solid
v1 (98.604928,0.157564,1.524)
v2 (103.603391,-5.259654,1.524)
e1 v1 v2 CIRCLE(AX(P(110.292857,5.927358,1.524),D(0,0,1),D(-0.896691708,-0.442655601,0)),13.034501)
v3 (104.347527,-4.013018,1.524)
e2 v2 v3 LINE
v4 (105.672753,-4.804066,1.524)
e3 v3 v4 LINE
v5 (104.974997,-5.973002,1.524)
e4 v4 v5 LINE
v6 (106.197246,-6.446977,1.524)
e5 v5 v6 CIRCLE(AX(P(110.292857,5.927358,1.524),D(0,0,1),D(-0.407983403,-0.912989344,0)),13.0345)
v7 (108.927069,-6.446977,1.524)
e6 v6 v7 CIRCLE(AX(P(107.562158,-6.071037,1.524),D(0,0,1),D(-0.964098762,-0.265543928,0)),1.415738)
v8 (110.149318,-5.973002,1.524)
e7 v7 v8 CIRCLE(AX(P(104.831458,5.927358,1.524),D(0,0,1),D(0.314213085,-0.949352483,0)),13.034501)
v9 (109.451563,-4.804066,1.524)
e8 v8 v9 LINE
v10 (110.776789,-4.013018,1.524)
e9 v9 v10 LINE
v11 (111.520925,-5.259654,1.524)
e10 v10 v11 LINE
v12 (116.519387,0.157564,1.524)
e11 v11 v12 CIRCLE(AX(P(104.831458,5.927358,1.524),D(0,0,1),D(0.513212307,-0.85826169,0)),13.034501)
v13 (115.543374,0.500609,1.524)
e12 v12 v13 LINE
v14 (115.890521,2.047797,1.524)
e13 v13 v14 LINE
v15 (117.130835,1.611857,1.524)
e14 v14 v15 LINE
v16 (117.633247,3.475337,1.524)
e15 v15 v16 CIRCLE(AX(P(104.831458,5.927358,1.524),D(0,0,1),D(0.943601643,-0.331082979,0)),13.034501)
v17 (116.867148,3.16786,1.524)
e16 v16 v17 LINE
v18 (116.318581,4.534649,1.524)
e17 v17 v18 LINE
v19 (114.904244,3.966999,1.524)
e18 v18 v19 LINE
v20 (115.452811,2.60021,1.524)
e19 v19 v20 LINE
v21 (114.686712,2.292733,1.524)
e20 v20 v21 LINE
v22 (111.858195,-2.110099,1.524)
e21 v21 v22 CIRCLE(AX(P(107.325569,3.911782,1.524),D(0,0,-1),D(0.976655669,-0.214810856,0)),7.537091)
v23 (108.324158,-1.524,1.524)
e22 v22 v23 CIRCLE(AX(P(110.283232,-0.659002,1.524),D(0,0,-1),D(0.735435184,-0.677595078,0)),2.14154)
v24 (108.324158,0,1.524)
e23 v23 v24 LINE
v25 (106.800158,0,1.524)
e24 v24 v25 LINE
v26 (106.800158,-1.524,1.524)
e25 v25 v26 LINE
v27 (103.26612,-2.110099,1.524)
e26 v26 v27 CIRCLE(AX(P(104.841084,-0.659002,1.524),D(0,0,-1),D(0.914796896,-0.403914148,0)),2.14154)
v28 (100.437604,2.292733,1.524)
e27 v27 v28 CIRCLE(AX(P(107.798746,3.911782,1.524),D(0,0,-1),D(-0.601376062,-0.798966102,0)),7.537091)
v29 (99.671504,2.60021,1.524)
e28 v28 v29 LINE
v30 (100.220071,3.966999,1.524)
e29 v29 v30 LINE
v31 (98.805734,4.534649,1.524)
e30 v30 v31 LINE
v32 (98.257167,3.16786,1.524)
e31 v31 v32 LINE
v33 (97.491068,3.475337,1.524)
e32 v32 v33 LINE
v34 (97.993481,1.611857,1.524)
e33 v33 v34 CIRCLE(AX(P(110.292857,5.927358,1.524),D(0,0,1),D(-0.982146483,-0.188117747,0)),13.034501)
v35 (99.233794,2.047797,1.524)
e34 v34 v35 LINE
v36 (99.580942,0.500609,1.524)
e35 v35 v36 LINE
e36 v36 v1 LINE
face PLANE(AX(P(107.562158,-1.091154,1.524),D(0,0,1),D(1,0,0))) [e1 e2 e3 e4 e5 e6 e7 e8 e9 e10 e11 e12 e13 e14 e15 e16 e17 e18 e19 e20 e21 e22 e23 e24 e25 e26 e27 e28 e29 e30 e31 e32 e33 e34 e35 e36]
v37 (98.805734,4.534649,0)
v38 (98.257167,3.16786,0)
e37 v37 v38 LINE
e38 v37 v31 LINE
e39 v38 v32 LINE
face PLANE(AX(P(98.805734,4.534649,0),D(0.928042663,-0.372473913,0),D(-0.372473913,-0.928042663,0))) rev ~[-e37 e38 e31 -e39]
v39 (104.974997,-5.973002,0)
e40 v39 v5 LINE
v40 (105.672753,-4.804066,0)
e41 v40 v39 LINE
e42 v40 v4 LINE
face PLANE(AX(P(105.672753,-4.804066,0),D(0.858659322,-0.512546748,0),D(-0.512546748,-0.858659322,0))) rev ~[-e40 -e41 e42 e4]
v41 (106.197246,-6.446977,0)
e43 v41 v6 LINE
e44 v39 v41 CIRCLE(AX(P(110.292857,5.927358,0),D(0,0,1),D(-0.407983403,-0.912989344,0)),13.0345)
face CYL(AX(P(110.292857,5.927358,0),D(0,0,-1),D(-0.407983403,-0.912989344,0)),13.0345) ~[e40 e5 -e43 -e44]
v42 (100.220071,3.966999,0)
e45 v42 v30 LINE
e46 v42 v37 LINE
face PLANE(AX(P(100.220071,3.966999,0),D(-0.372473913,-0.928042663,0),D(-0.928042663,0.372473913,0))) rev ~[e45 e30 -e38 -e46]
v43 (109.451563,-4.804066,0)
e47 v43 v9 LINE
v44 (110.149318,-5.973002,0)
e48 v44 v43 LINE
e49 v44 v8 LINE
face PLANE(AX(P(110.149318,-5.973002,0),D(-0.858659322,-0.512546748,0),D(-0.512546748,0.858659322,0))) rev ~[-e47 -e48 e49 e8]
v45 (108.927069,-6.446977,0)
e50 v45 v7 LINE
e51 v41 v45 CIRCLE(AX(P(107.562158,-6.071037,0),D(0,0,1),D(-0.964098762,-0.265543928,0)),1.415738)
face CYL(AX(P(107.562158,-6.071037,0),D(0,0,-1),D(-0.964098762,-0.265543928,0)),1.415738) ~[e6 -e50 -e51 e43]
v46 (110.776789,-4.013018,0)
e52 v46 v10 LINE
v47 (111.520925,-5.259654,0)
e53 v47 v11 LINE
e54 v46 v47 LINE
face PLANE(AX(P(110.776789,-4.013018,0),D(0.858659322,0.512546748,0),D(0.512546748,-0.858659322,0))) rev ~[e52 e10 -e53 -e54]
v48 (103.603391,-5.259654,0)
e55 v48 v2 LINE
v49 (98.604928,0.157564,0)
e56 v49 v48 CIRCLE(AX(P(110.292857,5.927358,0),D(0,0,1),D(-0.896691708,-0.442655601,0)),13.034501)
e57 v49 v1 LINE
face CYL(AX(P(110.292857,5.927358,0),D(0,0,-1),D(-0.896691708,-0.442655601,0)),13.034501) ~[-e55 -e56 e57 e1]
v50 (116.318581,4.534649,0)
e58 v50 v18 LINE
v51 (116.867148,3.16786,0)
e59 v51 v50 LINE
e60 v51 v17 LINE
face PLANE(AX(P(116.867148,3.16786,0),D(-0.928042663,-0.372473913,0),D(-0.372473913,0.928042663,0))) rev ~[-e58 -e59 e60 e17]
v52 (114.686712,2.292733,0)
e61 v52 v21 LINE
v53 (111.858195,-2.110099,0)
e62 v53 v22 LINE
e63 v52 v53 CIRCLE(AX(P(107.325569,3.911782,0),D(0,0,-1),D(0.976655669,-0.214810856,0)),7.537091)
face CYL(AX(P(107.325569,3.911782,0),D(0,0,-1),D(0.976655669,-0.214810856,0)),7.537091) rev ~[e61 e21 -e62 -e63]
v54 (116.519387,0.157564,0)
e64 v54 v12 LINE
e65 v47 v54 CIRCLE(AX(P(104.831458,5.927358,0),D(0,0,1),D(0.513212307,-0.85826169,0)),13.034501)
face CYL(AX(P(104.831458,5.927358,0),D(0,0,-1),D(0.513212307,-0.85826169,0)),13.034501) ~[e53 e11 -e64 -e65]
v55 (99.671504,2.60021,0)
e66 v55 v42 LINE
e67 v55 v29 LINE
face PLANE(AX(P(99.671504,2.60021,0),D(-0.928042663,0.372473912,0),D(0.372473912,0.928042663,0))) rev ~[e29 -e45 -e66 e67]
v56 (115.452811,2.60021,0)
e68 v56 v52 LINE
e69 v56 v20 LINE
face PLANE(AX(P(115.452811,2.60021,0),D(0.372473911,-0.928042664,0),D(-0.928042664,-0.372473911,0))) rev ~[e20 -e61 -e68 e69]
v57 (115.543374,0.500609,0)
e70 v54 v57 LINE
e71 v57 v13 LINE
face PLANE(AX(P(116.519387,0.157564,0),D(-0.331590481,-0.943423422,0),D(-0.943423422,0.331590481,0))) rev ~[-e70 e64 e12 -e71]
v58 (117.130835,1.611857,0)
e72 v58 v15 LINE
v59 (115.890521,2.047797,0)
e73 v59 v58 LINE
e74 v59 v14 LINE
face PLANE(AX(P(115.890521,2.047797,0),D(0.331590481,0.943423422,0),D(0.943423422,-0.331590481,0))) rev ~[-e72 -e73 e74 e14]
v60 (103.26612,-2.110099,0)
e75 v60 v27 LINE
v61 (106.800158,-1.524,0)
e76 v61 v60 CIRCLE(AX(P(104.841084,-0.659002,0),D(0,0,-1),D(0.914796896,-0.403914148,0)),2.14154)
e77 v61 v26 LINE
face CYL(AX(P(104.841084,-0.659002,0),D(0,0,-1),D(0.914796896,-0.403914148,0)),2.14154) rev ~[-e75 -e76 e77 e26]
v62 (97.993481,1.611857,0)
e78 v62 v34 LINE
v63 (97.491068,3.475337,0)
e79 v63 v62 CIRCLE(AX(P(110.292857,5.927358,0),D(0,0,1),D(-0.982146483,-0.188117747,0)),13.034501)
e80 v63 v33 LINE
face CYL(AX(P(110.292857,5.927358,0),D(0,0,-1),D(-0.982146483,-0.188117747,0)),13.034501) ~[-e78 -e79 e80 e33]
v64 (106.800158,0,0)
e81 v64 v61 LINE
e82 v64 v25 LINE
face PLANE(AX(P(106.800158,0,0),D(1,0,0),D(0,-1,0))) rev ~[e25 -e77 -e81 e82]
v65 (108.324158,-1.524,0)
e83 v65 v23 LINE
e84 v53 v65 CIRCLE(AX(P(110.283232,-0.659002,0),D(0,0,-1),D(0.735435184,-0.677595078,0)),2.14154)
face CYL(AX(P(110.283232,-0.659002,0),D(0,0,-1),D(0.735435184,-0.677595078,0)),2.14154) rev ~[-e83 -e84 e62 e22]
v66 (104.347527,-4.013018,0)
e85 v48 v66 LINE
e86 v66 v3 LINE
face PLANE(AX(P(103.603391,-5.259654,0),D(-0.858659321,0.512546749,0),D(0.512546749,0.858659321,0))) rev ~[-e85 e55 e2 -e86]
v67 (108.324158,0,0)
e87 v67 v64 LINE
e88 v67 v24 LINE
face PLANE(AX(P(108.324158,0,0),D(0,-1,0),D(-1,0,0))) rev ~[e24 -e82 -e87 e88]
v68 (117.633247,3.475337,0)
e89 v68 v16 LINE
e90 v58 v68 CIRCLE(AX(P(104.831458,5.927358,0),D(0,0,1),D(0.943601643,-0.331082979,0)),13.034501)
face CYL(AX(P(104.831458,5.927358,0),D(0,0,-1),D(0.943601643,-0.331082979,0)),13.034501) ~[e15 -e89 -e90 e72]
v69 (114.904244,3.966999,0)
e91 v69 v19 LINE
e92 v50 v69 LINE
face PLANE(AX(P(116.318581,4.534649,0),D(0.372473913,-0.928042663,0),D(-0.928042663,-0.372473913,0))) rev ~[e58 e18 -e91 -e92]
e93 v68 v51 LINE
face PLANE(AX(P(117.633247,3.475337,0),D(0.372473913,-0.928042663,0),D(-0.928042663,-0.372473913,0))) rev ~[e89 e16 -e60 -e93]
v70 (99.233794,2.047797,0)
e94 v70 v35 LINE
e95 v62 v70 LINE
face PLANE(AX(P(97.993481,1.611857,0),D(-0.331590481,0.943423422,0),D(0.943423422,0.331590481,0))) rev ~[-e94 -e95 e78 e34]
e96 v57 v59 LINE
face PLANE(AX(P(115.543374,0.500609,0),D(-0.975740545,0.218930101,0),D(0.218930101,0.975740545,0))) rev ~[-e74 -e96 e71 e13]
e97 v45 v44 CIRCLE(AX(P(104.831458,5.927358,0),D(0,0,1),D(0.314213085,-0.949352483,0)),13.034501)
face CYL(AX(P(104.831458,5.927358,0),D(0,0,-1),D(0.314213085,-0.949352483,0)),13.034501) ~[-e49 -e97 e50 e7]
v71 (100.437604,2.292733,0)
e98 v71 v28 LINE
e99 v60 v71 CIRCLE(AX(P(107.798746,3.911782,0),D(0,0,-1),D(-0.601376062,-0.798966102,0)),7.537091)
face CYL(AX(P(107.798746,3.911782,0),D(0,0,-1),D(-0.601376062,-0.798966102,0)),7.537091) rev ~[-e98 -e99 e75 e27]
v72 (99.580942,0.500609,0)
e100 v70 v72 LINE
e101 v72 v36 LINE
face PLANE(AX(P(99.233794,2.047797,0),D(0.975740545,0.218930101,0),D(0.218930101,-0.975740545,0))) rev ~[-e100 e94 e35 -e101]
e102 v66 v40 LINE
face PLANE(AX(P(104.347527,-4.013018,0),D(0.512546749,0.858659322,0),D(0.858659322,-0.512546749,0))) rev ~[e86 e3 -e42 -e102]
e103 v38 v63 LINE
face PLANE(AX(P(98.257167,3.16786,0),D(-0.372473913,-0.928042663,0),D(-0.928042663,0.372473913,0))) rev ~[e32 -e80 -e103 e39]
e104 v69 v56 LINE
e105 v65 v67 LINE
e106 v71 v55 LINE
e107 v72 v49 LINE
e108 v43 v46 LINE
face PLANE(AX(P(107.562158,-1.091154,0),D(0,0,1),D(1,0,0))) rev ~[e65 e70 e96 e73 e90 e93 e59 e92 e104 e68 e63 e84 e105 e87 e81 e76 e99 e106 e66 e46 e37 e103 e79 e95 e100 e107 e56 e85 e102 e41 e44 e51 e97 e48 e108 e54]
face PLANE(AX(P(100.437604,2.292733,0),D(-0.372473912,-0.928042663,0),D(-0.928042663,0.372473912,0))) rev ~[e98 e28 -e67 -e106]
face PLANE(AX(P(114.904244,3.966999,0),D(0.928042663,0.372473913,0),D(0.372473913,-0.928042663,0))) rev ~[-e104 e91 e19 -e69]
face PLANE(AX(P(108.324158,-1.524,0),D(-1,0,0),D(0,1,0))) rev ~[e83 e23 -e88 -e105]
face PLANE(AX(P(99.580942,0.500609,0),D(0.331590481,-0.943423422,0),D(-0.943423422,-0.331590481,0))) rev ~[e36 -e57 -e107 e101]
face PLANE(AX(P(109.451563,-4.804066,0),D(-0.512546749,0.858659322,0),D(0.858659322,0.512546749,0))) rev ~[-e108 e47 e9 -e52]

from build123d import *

# Parameters (mm, degrees)
BOSS_EXTRUDE1_DEPTH = 1.524


with BuildPart() as part:
    # Sketch1 → Boss-Extrude1 (new body)
    with BuildSketch(Plane.XY):
        with BuildLine():
            Line((106.800157748, 0), (106.800157748, -1.524))
            ThreePointArc((106.800157748, -1.524), (105.191459449, -2.771684776), (103.266120199, -2.110098583))
            ThreePointArc((103.266120199, -2.110098583), (101.457479492, -0.162046547), (100.437603623, 2.292732701))
            Line((100.437603623, 2.292732701), (99.671504405, 2.600209915))
            Line((99.671504405, 2.600209915), (100.220071172, 3.966999231))
            Line((100.220071172, 3.966999231), (98.805734154, 4.534649474))
            Line((98.805734154, 4.534649474), (98.257167386, 3.167860158))
            Line((98.257167386, 3.167860158), (97.491068168, 3.475337373))
            ThreePointArc((97.491068168, 3.475337373), (97.707736418, 2.534285361), (97.993480897, 1.611856983))
            Line((97.993480897, 1.611856983), (99.233794217, 2.047797072))
            Line((99.233794217, 2.047797072), (99.580941947, 0.500608663))
            Line((99.580941947, 0.500608663), (98.60492848, 0.15756357))
            ThreePointArc((98.60492848, 0.15756357), (100.713257844, -2.911730159), (103.603390941, -5.259654218))
            Line((103.603390941, -5.259654218), (104.347526725, -4.013018416))
            Line((104.347526725, -4.013018416), (105.672752741, -4.804065888))
            Line((105.672752741, -4.804065888), (104.974997158, -5.973001868))
            ThreePointArc((104.974997158, -5.973001868), (105.580159309, -6.225365098), (106.197246416, -6.446977219))
            ThreePointArc((106.197246416, -6.446977219), (107.562157749, -7.48677465), (108.927069081, -6.446977219))
            ThreePointArc((108.927069081, -6.446977219), (109.544156188, -6.225365098), (110.14931834, -5.973001868))
            Line((110.14931834, -5.973001868), (109.451562757, -4.804065888))
            Line((109.451562757, -4.804065888), (110.776788773, -4.013018416))
            Line((110.776788773, -4.013018416), (111.520924556, -5.259654218))
            ThreePointArc((111.520924556, -5.259654218), (114.411057653, -2.911730159), (116.519387018, 0.15756357))
            Line((116.519387018, 0.15756357), (115.543373551, 0.500608663))
            Line((115.543373551, 0.500608663), (115.89052128, 2.047797072))
            Line((115.89052128, 2.047797072), (117.130834601, 1.611856983))
            ThreePointArc((117.130834601, 1.611856983), (117.41657908, 2.534285361), (117.63324733, 3.475337373))
            Line((117.63324733, 3.475337373), (116.867148112, 3.167860158))
            Line((116.867148112, 3.167860158), (116.318581344, 4.534649474))
            Line((116.318581344, 4.534649474), (114.904244325, 3.966999231))
            Line((114.904244325, 3.966999231), (115.452811093, 2.600209915))
            Line((115.452811093, 2.600209915), (114.686711874, 2.292732701))
            ThreePointArc((114.686711874, 2.292732701), (113.666836006, -0.162046547), (111.858195299, -2.110098583))
            ThreePointArc((111.858195299, -2.110098583), (109.932856049, -2.771684776), (108.32415775, -1.524))
            Line((108.32415775, -1.524), (108.32415775, 0))
            Line((108.32415775, 0), (106.800157748, 0))
        make_face()
    extrude(amount=BOSS_EXTRUDE1_DEPTH)


solid = part.part
